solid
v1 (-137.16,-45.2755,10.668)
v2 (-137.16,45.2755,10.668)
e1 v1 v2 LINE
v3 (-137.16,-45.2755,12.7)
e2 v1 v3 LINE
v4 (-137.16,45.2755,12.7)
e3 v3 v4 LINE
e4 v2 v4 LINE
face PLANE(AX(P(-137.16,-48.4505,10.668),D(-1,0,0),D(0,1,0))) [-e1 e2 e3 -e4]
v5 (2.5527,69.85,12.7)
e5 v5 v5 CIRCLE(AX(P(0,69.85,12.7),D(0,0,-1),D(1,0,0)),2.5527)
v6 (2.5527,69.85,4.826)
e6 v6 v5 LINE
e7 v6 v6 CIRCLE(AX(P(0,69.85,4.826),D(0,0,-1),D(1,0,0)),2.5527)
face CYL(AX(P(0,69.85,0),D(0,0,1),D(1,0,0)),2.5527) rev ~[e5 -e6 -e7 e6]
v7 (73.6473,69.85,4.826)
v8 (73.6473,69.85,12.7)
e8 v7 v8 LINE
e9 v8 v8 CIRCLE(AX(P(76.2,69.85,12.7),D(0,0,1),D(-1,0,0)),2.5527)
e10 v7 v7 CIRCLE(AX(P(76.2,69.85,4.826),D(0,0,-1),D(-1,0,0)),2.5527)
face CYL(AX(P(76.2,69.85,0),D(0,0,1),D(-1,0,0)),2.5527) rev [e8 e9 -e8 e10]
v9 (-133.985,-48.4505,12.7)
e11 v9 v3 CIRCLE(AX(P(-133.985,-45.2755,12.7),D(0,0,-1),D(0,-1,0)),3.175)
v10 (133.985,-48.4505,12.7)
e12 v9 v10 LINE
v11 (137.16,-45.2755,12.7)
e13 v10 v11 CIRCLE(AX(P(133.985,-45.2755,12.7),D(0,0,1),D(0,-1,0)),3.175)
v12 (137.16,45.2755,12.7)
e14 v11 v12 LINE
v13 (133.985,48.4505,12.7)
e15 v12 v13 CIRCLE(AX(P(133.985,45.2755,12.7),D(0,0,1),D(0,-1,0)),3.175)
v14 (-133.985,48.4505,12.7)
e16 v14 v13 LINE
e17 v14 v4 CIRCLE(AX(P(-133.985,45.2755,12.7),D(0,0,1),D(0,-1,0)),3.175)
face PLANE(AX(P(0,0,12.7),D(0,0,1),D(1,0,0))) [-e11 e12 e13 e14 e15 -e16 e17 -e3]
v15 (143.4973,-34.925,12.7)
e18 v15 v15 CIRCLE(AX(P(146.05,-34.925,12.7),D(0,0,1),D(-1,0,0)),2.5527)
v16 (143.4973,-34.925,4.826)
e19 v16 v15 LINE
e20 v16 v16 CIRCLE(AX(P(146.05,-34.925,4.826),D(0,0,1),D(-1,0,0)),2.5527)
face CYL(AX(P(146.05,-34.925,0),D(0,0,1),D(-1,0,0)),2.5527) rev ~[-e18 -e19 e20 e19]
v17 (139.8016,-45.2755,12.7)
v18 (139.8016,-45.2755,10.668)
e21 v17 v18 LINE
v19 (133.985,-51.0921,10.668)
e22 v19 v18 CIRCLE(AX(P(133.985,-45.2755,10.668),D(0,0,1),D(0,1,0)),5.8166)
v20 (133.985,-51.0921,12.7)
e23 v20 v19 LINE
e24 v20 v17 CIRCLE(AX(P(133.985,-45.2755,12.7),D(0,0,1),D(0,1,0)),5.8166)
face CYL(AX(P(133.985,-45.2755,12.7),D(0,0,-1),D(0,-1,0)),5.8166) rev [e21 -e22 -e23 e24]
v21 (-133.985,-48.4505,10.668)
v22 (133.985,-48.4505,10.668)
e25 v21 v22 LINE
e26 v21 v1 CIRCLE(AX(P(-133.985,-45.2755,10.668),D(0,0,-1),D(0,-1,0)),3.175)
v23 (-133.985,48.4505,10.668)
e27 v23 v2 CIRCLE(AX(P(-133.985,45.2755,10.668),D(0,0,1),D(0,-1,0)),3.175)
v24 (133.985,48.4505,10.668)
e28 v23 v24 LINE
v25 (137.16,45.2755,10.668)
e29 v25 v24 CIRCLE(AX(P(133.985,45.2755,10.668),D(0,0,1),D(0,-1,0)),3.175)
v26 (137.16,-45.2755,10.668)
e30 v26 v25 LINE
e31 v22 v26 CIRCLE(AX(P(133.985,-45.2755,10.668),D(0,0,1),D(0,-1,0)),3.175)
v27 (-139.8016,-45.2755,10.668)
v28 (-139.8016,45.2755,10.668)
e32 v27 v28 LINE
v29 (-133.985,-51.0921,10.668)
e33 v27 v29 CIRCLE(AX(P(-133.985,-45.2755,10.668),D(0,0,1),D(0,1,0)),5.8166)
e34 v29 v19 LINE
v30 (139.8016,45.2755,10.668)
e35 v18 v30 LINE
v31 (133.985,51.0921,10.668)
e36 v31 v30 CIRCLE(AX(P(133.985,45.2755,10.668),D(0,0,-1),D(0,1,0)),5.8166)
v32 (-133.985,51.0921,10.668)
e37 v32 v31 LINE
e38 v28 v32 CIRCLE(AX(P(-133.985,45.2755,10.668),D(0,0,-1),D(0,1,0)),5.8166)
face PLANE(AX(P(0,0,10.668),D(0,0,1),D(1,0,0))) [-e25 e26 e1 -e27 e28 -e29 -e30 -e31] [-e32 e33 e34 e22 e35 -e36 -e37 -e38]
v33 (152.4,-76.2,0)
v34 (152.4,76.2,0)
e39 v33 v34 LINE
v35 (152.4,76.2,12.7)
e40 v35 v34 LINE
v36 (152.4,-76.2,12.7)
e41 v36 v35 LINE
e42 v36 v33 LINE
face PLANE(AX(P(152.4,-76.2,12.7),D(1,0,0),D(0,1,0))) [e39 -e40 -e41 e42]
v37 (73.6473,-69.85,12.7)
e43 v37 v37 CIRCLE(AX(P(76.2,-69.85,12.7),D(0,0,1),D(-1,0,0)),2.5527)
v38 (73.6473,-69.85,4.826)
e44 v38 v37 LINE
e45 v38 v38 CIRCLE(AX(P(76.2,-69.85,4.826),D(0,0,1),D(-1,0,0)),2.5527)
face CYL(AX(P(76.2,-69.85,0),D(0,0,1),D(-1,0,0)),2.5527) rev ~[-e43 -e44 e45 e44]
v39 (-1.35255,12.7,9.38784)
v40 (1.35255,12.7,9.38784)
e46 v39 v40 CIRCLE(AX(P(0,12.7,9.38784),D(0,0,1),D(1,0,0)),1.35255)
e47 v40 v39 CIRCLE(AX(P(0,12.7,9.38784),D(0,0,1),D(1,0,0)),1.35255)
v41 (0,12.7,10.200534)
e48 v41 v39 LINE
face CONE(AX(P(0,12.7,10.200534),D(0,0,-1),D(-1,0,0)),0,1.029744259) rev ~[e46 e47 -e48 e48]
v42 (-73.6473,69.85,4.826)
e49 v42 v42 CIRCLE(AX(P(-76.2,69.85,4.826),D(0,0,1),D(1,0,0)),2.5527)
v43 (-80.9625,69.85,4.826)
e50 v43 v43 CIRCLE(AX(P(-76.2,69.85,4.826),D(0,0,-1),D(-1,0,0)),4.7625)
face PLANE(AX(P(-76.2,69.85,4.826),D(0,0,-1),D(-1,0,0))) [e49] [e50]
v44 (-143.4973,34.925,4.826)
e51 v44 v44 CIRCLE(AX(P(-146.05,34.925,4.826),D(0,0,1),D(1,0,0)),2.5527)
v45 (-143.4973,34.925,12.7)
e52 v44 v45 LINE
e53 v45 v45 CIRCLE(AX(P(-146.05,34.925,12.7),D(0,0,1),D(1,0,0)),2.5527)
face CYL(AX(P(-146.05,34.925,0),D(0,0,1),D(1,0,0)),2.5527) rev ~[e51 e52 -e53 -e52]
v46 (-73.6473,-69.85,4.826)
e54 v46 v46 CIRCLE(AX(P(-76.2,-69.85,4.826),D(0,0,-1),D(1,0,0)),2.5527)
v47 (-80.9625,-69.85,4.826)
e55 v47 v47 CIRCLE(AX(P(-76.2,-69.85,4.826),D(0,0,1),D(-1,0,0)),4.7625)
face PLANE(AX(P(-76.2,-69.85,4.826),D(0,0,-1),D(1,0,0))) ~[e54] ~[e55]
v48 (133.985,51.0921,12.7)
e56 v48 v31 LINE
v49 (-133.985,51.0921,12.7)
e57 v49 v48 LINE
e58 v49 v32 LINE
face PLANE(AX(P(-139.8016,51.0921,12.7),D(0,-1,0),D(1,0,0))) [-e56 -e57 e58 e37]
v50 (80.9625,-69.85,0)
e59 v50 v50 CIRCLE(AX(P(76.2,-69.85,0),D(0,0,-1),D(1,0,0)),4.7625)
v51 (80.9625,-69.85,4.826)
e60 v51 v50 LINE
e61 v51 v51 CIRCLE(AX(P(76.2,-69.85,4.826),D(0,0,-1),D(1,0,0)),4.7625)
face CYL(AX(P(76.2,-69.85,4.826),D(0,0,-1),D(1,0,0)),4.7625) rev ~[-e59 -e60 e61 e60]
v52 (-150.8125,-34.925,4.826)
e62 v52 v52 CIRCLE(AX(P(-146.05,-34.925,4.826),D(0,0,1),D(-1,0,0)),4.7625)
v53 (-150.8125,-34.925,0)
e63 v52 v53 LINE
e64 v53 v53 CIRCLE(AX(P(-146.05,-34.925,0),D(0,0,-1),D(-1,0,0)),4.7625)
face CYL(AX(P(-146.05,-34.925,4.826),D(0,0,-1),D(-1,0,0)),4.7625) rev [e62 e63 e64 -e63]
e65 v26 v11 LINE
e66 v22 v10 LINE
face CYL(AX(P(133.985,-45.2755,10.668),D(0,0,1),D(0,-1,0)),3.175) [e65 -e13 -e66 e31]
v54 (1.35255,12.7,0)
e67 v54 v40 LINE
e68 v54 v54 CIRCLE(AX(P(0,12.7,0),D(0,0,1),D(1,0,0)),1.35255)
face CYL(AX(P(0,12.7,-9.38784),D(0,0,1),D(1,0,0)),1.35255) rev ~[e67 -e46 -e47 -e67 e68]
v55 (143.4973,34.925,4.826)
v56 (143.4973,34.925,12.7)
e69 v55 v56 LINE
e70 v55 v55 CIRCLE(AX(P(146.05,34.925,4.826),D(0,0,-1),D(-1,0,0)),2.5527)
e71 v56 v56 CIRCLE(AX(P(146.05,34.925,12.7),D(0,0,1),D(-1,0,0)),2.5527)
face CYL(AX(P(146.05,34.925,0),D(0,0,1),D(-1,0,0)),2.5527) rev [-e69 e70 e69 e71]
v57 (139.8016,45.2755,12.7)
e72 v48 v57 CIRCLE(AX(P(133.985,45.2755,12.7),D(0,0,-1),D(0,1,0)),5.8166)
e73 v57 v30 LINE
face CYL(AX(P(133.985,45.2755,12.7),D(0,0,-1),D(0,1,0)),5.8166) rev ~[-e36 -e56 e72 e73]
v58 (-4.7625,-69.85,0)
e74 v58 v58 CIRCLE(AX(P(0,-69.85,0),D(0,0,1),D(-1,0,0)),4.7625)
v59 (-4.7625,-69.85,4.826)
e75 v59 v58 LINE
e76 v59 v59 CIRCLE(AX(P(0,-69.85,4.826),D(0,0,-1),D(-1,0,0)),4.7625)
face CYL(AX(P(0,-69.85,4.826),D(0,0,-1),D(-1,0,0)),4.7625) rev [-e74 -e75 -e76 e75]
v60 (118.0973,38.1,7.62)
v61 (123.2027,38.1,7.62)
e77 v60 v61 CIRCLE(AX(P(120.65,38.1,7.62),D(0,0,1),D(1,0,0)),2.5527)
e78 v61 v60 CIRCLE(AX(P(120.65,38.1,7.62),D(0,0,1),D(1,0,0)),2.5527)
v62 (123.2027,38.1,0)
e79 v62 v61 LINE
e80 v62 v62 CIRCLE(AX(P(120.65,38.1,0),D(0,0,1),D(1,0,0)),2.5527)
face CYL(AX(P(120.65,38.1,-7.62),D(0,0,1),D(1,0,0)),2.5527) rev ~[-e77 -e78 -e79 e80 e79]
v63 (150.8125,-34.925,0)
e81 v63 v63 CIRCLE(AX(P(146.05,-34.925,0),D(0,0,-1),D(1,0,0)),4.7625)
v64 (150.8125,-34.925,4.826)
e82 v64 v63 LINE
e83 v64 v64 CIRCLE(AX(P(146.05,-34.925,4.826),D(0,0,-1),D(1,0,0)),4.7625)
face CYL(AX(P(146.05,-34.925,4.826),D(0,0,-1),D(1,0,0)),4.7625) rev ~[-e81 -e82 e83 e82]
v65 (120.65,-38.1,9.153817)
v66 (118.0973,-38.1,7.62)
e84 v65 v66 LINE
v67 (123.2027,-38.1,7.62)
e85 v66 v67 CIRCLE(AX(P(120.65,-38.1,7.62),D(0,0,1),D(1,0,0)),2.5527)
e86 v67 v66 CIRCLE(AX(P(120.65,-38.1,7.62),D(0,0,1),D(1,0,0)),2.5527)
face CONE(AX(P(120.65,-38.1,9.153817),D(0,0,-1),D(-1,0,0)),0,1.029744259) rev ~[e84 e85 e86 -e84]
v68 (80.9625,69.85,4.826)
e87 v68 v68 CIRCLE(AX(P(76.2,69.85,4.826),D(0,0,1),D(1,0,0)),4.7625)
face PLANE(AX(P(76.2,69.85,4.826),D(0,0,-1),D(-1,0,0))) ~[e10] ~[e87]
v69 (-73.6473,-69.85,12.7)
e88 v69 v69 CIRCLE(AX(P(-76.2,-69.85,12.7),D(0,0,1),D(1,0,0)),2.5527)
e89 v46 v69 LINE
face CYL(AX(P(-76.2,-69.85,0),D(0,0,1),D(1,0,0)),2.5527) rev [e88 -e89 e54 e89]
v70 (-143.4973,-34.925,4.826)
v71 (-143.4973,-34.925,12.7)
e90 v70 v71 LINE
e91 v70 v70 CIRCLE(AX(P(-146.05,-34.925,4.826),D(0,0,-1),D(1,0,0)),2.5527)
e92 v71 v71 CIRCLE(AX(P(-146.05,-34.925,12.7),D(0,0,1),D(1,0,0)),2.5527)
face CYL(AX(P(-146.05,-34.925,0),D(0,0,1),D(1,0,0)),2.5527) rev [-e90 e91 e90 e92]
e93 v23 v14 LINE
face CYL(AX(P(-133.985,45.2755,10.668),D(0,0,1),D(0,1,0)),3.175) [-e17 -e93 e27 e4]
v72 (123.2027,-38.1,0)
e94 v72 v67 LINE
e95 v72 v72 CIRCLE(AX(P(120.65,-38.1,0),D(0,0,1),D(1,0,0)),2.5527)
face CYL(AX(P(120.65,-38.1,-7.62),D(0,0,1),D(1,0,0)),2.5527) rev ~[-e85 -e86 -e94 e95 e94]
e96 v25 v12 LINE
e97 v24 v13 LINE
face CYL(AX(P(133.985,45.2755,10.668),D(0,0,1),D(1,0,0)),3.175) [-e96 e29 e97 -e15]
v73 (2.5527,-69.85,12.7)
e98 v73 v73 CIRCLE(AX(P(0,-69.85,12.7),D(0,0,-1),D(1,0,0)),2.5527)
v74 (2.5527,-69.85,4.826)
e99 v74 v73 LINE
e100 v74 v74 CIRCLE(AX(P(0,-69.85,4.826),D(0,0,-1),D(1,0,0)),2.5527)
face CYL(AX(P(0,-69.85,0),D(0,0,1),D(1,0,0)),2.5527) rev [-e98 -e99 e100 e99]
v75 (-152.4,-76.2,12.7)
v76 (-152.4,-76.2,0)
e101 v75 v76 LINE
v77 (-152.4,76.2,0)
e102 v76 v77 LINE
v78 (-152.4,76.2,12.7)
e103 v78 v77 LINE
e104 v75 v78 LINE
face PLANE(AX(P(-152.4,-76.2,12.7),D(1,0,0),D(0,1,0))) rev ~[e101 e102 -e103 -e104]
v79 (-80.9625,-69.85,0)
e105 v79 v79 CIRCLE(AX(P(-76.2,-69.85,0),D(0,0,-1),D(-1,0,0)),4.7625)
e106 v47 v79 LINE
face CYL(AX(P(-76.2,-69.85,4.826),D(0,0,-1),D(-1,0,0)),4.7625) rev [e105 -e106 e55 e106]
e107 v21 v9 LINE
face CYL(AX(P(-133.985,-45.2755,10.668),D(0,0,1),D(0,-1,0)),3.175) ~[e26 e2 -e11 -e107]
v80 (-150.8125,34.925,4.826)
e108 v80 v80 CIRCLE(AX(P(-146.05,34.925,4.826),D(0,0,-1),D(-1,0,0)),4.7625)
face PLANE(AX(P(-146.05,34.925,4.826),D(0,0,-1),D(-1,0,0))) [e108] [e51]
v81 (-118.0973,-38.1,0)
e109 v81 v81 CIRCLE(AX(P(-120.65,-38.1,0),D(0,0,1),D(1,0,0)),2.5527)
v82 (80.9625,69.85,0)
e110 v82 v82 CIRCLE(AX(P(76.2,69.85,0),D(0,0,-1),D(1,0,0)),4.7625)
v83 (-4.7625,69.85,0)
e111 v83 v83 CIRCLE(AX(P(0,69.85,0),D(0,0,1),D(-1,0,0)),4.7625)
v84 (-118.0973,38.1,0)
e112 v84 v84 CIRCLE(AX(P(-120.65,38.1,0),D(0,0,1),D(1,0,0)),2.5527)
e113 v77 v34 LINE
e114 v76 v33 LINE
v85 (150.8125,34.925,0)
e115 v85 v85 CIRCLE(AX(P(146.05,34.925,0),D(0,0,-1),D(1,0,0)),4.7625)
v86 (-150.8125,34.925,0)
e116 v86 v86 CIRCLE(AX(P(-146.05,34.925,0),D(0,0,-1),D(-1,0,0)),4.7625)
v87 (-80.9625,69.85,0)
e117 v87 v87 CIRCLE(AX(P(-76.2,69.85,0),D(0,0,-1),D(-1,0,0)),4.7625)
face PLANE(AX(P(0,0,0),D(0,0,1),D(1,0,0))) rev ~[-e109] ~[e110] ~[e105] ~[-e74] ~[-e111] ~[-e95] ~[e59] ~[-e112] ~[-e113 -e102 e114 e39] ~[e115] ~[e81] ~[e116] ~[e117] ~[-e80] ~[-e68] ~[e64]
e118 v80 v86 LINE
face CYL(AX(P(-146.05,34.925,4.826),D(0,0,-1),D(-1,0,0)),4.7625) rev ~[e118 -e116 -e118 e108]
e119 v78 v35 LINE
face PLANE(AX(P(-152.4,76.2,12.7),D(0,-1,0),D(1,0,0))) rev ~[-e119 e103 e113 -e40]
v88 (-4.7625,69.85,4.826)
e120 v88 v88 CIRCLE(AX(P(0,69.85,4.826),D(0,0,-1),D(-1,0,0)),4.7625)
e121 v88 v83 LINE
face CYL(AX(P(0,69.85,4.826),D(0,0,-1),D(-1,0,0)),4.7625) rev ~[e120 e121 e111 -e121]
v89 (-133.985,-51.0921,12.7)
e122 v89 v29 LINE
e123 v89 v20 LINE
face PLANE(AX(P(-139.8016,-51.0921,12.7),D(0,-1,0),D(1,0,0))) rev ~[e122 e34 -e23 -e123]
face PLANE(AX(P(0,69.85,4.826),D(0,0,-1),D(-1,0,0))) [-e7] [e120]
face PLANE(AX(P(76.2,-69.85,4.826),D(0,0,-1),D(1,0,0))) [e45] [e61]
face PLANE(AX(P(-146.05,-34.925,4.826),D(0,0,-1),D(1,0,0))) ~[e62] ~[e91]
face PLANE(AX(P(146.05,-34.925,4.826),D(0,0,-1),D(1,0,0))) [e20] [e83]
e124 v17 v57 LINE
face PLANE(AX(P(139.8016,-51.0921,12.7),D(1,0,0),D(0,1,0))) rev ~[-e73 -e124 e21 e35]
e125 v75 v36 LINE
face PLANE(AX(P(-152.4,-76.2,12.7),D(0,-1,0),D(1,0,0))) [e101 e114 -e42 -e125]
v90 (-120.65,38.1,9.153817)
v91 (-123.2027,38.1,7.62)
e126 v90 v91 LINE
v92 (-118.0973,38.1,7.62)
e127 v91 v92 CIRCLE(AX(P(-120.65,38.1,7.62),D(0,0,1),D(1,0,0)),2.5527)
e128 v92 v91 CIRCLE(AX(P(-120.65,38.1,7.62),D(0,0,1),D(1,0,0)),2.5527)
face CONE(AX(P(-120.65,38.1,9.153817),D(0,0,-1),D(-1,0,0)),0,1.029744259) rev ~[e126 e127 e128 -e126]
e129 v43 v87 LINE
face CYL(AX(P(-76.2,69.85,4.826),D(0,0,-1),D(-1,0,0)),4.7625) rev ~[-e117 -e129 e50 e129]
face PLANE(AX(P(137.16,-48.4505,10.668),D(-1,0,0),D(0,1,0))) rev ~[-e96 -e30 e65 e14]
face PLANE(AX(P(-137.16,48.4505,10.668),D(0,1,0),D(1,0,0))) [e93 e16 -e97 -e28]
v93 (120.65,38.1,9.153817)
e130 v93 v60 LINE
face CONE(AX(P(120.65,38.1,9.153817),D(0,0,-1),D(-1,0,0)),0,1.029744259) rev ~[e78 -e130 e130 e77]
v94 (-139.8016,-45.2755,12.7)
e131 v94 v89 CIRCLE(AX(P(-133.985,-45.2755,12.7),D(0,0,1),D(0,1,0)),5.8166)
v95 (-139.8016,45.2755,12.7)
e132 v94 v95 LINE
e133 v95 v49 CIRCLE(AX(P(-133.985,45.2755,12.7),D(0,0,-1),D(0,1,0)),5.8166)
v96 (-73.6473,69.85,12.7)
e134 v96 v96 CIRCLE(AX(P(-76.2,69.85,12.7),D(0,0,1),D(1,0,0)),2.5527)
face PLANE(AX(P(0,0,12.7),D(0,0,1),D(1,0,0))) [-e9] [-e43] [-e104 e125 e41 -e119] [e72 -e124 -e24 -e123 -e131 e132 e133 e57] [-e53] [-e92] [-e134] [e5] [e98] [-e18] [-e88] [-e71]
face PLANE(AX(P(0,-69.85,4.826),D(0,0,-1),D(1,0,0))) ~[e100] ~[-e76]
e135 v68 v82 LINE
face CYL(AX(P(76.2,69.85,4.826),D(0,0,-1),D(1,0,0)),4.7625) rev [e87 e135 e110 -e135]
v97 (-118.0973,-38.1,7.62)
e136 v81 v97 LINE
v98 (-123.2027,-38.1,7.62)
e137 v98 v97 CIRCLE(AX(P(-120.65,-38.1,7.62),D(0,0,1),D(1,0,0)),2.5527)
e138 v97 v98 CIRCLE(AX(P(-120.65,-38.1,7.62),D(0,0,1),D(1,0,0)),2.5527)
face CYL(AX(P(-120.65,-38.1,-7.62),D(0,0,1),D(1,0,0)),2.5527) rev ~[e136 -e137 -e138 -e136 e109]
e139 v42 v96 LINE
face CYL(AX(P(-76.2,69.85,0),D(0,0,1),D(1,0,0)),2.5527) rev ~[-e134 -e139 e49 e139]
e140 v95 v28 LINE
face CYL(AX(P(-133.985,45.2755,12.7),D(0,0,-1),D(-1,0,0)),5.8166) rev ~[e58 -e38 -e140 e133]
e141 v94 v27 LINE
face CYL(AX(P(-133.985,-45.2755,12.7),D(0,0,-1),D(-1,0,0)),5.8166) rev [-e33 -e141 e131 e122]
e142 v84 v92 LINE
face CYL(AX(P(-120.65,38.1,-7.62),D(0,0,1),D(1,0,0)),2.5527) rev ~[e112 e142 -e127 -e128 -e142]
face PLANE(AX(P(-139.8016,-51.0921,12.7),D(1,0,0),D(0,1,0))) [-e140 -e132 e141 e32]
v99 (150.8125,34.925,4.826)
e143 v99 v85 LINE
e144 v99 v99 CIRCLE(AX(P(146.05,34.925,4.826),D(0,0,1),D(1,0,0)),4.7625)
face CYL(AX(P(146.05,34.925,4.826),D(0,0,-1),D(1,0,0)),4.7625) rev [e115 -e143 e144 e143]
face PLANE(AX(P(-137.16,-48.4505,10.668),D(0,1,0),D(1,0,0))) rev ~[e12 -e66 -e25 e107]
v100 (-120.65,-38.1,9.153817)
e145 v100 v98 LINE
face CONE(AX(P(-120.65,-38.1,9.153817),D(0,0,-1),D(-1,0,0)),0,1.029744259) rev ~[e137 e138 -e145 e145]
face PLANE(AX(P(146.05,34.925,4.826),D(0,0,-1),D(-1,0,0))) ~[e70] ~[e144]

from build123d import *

# Parameters (mm, degrees)
SKETCH1_W                                       = 304.8
SKETCH1_H                                       = 152.4
BOSS_EXTRUDE1_DEPTH                             = 12.7
SKETCH2_W                                       = 279.6032
SKETCH2_H                                       = 102.1842
CUT_EXTRUDE1_DEPTH                              = 2.032
SKETCH3_W                                       = 274.32
SKETCH3_H                                       = 96.901
BOSS_EXTRUDE2_DEPTH                             = 2.032
F_1_4_20_TAPPED_HOLE1_D                         = 5.1054
F_1_4_20_TAPPED_HOLE1_DEPTH                     = 7.62
F_1_4_20_TAPPED_HOLE1_TIP                       = 1.533816902
F_6_32_TAPPED_HOLE1_D                           = 2.7051
F_6_32_TAPPED_HOLE1_DEPTH                       = 9.38784
F_6_32_TAPPED_HOLE1_TIP                         = 0.81269403
CBORE_FOR_10_SOCKET_HEAD_CAP_SCREW1_D           = 5.1054
CBORE_FOR_10_SOCKET_HEAD_CAP_SCREW1_CBORE_D     = 9.525
CBORE_FOR_10_SOCKET_HEAD_CAP_SCREW1_CBORE_DEPTH = 4.826
FILLET1_R                                       = 3.175
FILLET2_R                                       = 5.8166
MIRROR2_COPY_1_D                                = 5.1054
MIRROR2_COPY_1_CBORE_D                          = 9.525
MIRROR2_COPY_1_CBORE_DEPTH                      = 4.826


with BuildPart() as part:
    # Sketch1 → Boss-Extrude1 (new body)
    with BuildSketch(Plane.XY.offset(12.7)):
        Rectangle(SKETCH1_W, SKETCH1_H)
    extrude(amount=-BOSS_EXTRUDE1_DEPTH)

    # Sketch2 → Cut-Extrude1 (cut)
    with BuildSketch(Plane.XY.offset(12.7)):
        Rectangle(SKETCH2_W, SKETCH2_H)
    extrude(amount=-CUT_EXTRUDE1_DEPTH, mode=Mode.SUBTRACT)

    # Sketch3 → Boss-Extrude2 (add)
    with BuildSketch(Plane.XY.offset(10.668)):
        Rectangle(SKETCH3_W, SKETCH3_H)
    extrude(amount=BOSS_EXTRUDE2_DEPTH)

    # 1/4-20 Tapped Hole1
    with Locations(Plane(origin=(0, 0, 0), x_dir=(-1, 0, 0), z_dir=(0, 0, -1))):
        with Locations((120.65, -38.1), (-120.65, 38.1), (120.65, 38.1), (-120.65, -38.1)):
            Hole(F_1_4_20_TAPPED_HOLE1_D / 2, depth=F_1_4_20_TAPPED_HOLE1_DEPTH)
            with Locations((0, 0, -(F_1_4_20_TAPPED_HOLE1_DEPTH + F_1_4_20_TAPPED_HOLE1_TIP / 2))):  # 118° drill point
                Cone(0, F_1_4_20_TAPPED_HOLE1_D / 2, F_1_4_20_TAPPED_HOLE1_TIP, mode=Mode.SUBTRACT)

    # #6-32 Tapped Hole1
    with Locations(Plane(origin=(0, 0, 0), x_dir=(-1, 0, 0), z_dir=(0, 0, -1))):
        with Locations((0, 12.7)):
            Hole(F_6_32_TAPPED_HOLE1_D / 2, depth=F_6_32_TAPPED_HOLE1_DEPTH)
            with Locations((0, 0, -(F_6_32_TAPPED_HOLE1_DEPTH + F_6_32_TAPPED_HOLE1_TIP / 2))):  # 118° drill point
                Cone(0, F_6_32_TAPPED_HOLE1_D / 2, F_6_32_TAPPED_HOLE1_TIP, mode=Mode.SUBTRACT)

    # CBORE for #10 Socket Head Cap Screw1 (through all)
    with Locations(Plane(origin=(0, 0, 0), x_dir=(-1, 0, 0), z_dir=(0, 0, -1))):
        with Locations((146.05, 34.925), (0, 69.85), (76.2, 69.85)):
            cbore_for_10_socket_head_cap_screw1 = CounterBoreHole(CBORE_FOR_10_SOCKET_HEAD_CAP_SCREW1_D / 2, CBORE_FOR_10_SOCKET_HEAD_CAP_SCREW1_CBORE_D / 2, CBORE_FOR_10_SOCKET_HEAD_CAP_SCREW1_CBORE_DEPTH)

    # Fillet1
    fillet1_edges = [part.edges().sort_by_distance(p)[0] for p in [
        (137.16, 48.4505, 11.684),
        (-137.16, 48.4505, 11.684),
        (-137.16, -48.4505, 11.684),
        (137.16, -48.4505, 11.684),
    ]]
    fillet(fillet1_edges, radius=FILLET1_R)

    # Fillet2
    fillet2_edges = [part.edges().sort_by_distance(p)[0] for p in [
        (-139.8016, -51.0921, 11.684),
        (-139.8016, 51.0921, 11.684),
        (139.8016, 51.0921, 11.684),
        (139.8016, -51.0921, 11.684),
    ]]
    fillet(fillet2_edges, radius=FILLET2_R)

    # Mirror1: CBORE for #10 Socket Head Cap Screw1 across plane
    add(cbore_for_10_socket_head_cap_screw1.mirror(Plane(origin=(0, 0, 0), x_dir=(0, 0, 1), z_dir=(1, 0, 0))), mode=Mode.SUBTRACT)

    # Mirror2: CBORE for #10 Socket Head Cap Screw1 across plane
    add(cbore_for_10_socket_head_cap_screw1.mirror(Plane.ZX), mode=Mode.SUBTRACT)

    # Mirror2 copy 1 (through all)
    with Locations(Plane(origin=(0, 0, 0), x_dir=(1, 0, 0), z_dir=(0, 0, -1))):
        with Locations((146.05, 34.925), (0, 69.85), (76.2, 69.85)):
            CounterBoreHole(MIRROR2_COPY_1_D / 2, MIRROR2_COPY_1_CBORE_D / 2, MIRROR2_COPY_1_CBORE_DEPTH)


solid = part.part
